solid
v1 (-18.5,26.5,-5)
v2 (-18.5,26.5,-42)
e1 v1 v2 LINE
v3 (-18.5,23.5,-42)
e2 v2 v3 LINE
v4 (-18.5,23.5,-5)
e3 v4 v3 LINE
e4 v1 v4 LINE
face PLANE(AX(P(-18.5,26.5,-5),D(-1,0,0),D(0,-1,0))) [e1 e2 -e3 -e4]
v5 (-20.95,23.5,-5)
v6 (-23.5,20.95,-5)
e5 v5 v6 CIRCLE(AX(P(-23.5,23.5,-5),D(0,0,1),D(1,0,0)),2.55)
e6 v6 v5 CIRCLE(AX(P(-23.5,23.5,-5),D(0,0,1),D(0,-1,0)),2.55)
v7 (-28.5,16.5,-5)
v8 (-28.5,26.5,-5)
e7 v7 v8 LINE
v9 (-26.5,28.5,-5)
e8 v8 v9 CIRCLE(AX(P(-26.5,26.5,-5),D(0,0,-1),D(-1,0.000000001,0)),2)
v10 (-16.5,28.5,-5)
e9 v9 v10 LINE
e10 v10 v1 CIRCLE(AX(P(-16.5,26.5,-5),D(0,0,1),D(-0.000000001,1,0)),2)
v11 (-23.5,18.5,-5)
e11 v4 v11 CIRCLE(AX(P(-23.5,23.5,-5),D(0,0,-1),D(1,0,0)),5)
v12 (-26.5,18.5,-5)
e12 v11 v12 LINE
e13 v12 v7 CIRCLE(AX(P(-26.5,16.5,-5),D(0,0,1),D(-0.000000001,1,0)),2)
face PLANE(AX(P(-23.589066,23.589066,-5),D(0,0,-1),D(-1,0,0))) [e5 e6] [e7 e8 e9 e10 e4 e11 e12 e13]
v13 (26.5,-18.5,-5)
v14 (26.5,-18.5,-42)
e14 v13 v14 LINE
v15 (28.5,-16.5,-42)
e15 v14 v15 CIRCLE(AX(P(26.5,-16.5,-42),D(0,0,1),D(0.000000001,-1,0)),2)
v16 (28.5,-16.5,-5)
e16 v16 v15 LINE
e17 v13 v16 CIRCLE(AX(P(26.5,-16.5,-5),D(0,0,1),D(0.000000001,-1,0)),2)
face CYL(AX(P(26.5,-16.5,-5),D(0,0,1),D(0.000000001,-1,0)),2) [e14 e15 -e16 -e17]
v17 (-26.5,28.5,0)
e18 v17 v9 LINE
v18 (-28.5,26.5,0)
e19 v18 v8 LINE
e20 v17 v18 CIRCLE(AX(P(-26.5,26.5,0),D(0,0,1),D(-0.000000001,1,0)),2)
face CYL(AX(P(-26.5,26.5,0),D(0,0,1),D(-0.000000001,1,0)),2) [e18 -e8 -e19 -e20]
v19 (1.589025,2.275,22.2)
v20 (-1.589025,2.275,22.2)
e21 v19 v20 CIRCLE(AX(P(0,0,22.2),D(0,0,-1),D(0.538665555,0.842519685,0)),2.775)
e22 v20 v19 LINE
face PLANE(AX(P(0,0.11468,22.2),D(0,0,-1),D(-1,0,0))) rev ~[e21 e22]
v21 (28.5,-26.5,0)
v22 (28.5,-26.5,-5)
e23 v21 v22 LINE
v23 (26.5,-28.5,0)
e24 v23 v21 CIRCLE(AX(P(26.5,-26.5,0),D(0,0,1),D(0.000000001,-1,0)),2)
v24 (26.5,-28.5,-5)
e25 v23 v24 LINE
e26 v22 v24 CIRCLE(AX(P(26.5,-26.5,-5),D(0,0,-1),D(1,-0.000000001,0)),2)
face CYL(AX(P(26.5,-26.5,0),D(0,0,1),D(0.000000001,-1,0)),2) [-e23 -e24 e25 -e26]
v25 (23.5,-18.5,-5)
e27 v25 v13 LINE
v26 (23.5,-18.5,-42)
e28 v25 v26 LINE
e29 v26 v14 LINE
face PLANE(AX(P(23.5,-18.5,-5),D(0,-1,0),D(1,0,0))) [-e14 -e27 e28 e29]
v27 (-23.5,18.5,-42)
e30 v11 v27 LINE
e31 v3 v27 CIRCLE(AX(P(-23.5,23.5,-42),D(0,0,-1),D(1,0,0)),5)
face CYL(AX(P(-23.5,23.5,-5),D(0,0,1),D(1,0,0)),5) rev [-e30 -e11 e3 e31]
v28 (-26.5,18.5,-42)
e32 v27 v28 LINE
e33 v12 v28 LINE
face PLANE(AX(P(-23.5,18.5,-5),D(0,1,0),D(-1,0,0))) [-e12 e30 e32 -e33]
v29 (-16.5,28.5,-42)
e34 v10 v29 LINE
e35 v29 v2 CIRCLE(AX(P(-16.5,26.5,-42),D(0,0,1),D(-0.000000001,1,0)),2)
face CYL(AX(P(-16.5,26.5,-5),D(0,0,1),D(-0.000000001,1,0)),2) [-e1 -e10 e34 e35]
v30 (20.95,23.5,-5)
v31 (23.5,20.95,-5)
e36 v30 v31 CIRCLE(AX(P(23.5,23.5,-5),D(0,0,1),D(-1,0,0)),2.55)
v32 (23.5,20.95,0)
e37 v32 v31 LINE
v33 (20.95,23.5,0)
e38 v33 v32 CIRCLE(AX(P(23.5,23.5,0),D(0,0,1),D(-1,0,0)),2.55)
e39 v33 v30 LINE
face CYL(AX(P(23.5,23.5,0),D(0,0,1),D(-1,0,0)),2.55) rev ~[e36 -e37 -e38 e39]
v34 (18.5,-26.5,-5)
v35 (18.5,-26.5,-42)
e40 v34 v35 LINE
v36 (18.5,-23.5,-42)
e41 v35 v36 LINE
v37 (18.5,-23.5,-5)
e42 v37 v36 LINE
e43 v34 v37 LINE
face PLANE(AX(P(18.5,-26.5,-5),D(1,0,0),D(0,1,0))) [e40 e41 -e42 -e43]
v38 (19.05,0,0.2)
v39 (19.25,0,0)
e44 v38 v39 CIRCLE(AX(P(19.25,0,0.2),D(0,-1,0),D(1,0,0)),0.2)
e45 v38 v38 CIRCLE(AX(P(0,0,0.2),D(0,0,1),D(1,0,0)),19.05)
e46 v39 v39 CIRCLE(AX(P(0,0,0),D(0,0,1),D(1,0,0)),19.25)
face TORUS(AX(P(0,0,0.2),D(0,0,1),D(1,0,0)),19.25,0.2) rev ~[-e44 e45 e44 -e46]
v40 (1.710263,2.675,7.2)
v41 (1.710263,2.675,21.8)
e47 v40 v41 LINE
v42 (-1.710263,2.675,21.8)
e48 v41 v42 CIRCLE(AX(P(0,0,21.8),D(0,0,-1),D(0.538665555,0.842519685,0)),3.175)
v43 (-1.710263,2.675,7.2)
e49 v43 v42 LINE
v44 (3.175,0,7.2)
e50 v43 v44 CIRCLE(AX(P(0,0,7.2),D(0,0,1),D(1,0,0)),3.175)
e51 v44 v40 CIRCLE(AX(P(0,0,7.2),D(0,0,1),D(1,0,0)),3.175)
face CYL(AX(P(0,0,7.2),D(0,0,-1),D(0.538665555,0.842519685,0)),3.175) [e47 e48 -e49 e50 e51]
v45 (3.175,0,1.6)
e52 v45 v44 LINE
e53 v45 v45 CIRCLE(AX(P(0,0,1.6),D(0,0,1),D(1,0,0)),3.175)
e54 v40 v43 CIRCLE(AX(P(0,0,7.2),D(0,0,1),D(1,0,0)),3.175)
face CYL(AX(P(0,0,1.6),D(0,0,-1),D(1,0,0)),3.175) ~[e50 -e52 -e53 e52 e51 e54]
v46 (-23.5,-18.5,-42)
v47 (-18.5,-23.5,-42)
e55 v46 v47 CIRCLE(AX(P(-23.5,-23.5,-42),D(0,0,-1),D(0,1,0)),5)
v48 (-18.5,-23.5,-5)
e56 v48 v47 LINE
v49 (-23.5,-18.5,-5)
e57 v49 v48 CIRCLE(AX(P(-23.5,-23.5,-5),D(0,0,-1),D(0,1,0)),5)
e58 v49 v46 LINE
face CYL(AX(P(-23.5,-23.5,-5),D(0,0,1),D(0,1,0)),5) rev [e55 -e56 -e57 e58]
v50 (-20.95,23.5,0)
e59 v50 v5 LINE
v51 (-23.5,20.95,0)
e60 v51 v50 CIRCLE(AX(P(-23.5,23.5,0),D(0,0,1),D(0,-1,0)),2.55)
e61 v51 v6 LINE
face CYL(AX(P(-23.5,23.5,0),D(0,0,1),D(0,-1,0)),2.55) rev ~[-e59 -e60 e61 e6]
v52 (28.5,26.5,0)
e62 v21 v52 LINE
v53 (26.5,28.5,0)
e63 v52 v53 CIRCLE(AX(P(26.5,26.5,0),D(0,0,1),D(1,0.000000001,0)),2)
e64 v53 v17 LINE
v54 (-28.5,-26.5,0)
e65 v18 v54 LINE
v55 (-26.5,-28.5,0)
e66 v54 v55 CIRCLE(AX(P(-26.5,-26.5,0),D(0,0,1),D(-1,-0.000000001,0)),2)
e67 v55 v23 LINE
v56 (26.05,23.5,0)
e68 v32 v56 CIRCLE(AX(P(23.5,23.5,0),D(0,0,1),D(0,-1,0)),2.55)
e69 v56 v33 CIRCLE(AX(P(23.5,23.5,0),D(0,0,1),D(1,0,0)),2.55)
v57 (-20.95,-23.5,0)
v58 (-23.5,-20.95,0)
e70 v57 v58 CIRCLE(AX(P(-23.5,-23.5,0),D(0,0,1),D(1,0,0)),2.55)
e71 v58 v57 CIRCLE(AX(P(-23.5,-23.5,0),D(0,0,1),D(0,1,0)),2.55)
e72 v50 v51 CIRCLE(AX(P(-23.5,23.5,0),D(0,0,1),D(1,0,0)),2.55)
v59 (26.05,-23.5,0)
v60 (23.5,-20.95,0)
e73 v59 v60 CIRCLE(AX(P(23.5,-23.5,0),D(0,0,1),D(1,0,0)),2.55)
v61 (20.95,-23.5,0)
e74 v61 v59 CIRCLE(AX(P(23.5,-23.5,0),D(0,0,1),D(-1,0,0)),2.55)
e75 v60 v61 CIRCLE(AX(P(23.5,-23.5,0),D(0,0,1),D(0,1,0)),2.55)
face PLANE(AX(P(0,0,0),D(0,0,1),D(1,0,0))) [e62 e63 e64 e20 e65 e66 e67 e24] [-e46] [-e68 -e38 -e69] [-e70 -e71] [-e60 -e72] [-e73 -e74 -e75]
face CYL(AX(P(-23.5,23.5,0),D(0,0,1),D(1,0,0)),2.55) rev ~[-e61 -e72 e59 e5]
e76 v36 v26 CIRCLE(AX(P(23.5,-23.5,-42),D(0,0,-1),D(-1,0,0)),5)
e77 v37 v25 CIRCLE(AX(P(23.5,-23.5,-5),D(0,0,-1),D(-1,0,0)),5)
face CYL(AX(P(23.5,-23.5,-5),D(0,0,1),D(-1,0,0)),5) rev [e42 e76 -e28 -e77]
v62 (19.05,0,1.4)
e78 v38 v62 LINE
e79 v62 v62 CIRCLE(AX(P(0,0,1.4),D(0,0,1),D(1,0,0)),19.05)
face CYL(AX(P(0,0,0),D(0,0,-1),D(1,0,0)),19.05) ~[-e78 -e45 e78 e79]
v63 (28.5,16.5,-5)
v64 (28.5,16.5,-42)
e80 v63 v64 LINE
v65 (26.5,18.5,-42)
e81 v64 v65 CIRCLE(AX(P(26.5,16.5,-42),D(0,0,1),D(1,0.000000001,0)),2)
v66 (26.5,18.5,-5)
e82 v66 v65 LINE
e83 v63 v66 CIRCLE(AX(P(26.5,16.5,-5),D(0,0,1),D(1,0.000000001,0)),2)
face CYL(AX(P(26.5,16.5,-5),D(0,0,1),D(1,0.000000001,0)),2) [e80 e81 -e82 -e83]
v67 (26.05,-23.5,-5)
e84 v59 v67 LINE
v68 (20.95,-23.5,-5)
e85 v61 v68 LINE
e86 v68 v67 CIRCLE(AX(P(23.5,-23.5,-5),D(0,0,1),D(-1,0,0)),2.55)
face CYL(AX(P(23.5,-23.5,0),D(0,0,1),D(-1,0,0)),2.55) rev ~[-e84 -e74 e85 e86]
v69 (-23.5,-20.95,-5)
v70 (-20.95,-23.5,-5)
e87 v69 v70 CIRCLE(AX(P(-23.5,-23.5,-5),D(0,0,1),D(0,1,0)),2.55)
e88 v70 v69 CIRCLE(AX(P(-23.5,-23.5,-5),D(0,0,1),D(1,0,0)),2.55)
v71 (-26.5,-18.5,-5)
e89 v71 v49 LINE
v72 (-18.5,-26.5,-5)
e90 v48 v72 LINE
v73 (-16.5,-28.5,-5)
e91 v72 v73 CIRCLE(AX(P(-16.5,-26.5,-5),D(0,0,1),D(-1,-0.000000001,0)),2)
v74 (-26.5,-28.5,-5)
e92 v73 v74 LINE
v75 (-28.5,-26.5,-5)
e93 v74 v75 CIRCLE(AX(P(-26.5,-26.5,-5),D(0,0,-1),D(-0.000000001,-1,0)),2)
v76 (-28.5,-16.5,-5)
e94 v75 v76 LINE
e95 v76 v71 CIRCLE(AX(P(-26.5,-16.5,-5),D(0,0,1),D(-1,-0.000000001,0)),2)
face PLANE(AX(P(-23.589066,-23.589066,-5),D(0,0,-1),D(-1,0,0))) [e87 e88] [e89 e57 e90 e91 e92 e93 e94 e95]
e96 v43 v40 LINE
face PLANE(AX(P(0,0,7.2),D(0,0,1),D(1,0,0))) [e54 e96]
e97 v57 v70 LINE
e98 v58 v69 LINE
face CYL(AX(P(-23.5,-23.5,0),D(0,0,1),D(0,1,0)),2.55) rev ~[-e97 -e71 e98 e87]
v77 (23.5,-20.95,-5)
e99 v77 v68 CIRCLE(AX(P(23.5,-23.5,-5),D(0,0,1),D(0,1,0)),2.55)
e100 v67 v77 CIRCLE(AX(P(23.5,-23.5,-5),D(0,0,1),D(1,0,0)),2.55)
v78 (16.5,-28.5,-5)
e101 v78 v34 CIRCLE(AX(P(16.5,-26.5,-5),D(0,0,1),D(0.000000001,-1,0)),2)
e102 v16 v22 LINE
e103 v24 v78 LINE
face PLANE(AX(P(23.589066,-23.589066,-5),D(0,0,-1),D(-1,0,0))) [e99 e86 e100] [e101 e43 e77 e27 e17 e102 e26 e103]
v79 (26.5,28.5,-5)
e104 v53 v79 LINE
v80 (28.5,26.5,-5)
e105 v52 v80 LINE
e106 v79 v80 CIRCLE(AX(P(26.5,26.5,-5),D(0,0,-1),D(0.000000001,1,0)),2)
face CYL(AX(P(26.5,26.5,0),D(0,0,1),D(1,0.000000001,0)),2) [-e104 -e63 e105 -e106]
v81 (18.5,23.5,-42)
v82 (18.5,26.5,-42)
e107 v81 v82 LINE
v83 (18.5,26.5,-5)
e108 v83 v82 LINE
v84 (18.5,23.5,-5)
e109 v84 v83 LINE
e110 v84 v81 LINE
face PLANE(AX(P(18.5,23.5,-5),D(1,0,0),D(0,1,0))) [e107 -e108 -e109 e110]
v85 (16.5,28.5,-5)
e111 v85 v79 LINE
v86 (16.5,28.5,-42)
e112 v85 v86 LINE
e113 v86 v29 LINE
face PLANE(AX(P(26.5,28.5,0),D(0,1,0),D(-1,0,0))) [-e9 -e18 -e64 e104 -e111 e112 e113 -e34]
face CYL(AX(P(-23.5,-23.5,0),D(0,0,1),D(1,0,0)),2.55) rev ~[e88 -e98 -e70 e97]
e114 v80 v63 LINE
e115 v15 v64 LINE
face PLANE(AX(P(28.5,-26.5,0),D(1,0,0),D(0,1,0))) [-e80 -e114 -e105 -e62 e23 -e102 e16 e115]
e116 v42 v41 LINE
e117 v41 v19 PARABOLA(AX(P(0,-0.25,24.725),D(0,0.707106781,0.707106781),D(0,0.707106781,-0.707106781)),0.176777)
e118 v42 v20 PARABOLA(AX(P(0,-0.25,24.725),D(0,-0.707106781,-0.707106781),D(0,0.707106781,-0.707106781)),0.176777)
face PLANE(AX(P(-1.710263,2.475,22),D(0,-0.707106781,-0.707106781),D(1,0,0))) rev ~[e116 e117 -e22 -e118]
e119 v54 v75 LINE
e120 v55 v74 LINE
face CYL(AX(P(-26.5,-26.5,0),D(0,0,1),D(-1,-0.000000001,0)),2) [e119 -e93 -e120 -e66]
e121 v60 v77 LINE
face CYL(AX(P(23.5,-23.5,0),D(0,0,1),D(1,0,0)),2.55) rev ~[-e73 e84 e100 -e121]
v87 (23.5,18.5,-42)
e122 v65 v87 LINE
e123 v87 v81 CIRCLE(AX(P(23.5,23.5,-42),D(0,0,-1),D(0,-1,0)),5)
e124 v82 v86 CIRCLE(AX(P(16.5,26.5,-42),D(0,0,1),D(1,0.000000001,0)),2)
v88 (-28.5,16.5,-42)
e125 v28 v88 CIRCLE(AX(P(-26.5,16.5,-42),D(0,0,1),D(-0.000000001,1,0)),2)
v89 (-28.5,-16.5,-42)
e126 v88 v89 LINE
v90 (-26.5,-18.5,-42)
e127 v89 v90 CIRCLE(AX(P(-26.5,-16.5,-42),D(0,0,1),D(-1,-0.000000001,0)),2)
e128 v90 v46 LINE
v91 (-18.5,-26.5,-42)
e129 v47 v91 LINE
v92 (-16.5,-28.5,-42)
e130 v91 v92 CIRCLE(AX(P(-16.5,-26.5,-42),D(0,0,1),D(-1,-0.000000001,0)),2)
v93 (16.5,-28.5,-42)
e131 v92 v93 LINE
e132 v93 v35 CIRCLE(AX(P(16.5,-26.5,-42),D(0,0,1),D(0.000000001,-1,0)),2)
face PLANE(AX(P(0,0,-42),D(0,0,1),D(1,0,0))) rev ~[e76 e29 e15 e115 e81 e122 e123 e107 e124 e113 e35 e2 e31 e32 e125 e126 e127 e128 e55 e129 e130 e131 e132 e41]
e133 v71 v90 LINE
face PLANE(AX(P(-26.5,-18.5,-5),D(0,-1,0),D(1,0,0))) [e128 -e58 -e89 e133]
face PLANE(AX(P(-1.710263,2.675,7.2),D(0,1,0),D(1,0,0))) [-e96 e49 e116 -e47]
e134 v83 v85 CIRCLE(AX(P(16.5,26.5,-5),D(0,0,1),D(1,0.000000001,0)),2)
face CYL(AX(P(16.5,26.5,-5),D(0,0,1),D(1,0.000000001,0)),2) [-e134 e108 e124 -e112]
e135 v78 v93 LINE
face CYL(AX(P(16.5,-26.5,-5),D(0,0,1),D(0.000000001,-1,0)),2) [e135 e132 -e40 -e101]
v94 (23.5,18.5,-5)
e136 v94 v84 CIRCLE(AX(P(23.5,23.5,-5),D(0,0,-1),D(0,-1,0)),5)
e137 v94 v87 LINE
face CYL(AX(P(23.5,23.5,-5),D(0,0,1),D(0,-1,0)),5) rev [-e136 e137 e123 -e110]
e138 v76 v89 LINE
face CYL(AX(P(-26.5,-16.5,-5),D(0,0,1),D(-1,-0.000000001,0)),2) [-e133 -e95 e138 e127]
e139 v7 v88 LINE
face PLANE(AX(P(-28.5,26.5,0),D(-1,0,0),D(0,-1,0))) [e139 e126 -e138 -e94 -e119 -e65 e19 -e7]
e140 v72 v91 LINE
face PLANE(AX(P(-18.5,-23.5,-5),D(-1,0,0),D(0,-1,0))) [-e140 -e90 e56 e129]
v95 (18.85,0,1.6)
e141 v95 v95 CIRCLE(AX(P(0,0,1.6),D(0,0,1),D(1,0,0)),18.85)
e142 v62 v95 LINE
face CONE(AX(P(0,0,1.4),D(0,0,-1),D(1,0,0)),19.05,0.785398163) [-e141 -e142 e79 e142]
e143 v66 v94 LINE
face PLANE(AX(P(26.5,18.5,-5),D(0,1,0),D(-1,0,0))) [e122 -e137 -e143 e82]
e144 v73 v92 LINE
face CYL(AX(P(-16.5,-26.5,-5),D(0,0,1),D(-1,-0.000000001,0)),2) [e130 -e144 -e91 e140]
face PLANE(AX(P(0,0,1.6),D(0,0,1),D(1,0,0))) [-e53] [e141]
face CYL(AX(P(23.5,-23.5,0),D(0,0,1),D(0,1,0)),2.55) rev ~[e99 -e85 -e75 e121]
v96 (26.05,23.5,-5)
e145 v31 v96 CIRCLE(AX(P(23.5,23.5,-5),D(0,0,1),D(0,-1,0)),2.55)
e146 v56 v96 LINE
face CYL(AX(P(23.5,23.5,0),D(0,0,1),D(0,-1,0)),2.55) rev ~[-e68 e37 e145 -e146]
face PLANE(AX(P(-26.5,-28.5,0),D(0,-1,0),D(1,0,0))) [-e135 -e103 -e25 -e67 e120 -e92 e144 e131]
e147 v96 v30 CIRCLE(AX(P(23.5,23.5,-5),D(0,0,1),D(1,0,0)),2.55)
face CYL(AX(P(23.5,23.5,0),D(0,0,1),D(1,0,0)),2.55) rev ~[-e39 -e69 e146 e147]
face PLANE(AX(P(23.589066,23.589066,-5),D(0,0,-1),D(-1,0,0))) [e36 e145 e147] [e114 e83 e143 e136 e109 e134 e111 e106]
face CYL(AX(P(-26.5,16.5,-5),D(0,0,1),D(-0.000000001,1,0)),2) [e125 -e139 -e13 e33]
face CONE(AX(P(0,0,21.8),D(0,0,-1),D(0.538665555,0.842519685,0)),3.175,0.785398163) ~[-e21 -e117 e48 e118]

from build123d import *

# Parameters (mm, degrees)
BOSS_EXTRU_1_DEPTH      = 42
ESQUISSE3_R             = 19.05
BOSS_EXTRU_2_DEPTH      = 1.6
CHANFREIN1_SIZE         = 0.2
CONG_1_R                = 0.2
ESQUISSE4_R             = 3.175
BOSS_EXTRU_3_DEPTH      = 5.6
BOSS_EXTRU_4_DEPTH      = 15
CHANFREIN2_SIZE         = 0.4
ENL_V_START             = -37
ENL_V_MAT_EXTRU_1_DEPTH = 37
ENL_V_MAT_EXTRU_2_DEPTH = 59.210823736


with BuildPart() as part:
    # Esquisse1 → Boss.-Extru.1 (new body)
    with BuildSketch(Plane.XY):
        with BuildLine():
            Line((-26.5, -28.5), (26.5, -28.5))
            ThreePointArc((26.5, -28.5), (27.914213562, -27.914213562), (28.5, -26.5))
            Line((28.5, -26.5), (28.5, 26.5))
            ThreePointArc((28.5, 26.5), (27.914213562, 27.914213562), (26.5, 28.5))
            Line((26.5, 28.5), (-26.5, 28.5))
            ThreePointArc((-26.5, 28.5), (-27.914213562, 27.914213562), (-28.5, 26.5))
            Line((-28.5, 26.5), (-28.5, -26.5))
            ThreePointArc((-28.5, -26.5), (-27.914213562, -27.914213562), (-26.5, -28.5))
        make_face()
    extrude(amount=-BOSS_EXTRU_1_DEPTH)

    # Esquisse3 → Boss.-Extru.2 (add)
    with BuildSketch(Plane.XY):
        Circle(ESQUISSE3_R)
    extrude(amount=BOSS_EXTRU_2_DEPTH)

    # Chanfrein1
    chanfrein1_edges = [part.edges().sort_by_distance(p)[0] for p in [
        (-19.05, 0, 1.6),
    ]]
    chamfer(chanfrein1_edges, length=CHANFREIN1_SIZE)

    # Congé1
    cong_1_edges = [part.edges().sort_by_distance(p)[0] for p in [
        (-19.05, 0, 0),
    ]]
    fillet(cong_1_edges, radius=CONG_1_R)

    # Esquisse4 → Boss.-Extru.3 (add)
    with BuildSketch(Plane.XY.offset(1.6)):
        Circle(ESQUISSE4_R)
    extrude(amount=BOSS_EXTRU_3_DEPTH)

    # Esquisse5 → Boss.-Extru.4 (add)
    with BuildSketch(Plane.XY.offset(7.2)):
        with BuildLine():
            Line((-1.710263138, 2.675), (1.710263138, 2.675))
            ThreePointArc((1.710263138, 2.675), (0, -3.175), (-1.710263138, 2.675))
        make_face()
    extrude(amount=BOSS_EXTRU_4_DEPTH)

    # Chanfrein2
    chanfrein2_edges = [part.edges().sort_by_distance(p)[0] for p in [
        (0, -3.175, 22.2),
        (0, 2.675, 22.2),
    ]]
    chamfer(chanfrein2_edges, length=CHANFREIN2_SIZE)

    # Esquisse7 → Enlèv. mat.-Extru.1 (cut)
    with BuildSketch(Plane(origin=(0, 0, -42), x_dir=(-1, 0, 0), z_dir=(0, 0, -1)).offset(ENL_V_START)):
        with BuildLine():
            Line((-28.5, 26.5), (-28.5, 16.5))
            ThreePointArc((-28.5, 16.5), (-27.914213562, 17.914213562), (-26.5, 18.5))
            Line((-26.5, 18.5), (-23.5, 18.5))
            ThreePointArc((-23.5, 18.5), (-19.964466094, 19.964466094), (-18.5, 23.5))
            Line((-18.5, 23.5), (-18.5, 26.5))
            ThreePointArc((-18.5, 26.5), (-17.914213562, 27.914213562), (-16.5, 28.5))
            Line((-16.5, 28.5), (-26.5, 28.5))
            ThreePointArc((-26.5, 28.5), (-27.914213562, 27.914213562), (-28.5, 26.5))
        make_face()
        with BuildLine():
            Line((26.5, 28.5), (16.5, 28.5))
            ThreePointArc((16.5, 28.5), (17.914213562, 27.914213562), (18.5, 26.5))
            Line((18.5, 26.5), (18.5, 23.5))
            ThreePointArc((18.5, 23.5), (19.964466094, 19.964466094), (23.5, 18.5))
            Line((23.5, 18.5), (26.5, 18.5))
            ThreePointArc((26.5, 18.5), (27.914213562, 17.914213562), (28.5, 16.5))
            Line((28.5, 16.5), (28.5, 26.5))
            ThreePointArc((28.5, 26.5), (27.914213562, 27.914213562), (26.5, 28.5))
        make_face()
        with BuildLine():
            ThreePointArc((18.5, -26.5), (17.914213562, -27.914213562), (16.5, -28.5))
            Line((16.5, -28.5), (26.5, -28.5))
            ThreePointArc((26.5, -28.5), (27.914213562, -27.914213562), (28.5, -26.5))
            Line((28.5, -26.5), (28.5, -16.5))
            ThreePointArc((28.5, -16.5), (27.914213562, -17.914213562), (26.5, -18.5))
            Line((26.5, -18.5), (23.5, -18.5))
            ThreePointArc((23.5, -18.5), (19.964466094, -19.964466094), (18.5, -23.5))
            Line((18.5, -23.5), (18.5, -26.5))
        make_face()
        with BuildLine():
            ThreePointArc((-18.5, -23.5), (-19.964466094, -19.964466094), (-23.5, -18.5))
            Line((-23.5, -18.5), (-26.5, -18.5))
            ThreePointArc((-26.5, -18.5), (-27.914213562, -17.914213562), (-28.5, -16.5))
            Line((-28.5, -16.5), (-28.5, -26.5))
            ThreePointArc((-28.5, -26.5), (-27.914213562, -27.914213562), (-26.5, -28.5))
            Line((-26.5, -28.5), (-16.5, -28.5))
            ThreePointArc((-16.5, -28.5), (-17.914213562, -27.914213562), (-18.5, -26.5))
            Line((-18.5, -26.5), (-18.5, -23.5))
        make_face()
    extrude(amount=ENL_V_MAT_EXTRU_1_DEPTH, mode=Mode.SUBTRACT)

    # Esquisse6 → Enlèv. mat.-Extru.2 (cut, through all)
    with BuildSketch(Plane.XY):
        with BuildLine():
            Line((-23.5, 20.95), (-23.5, 23.5))
            Line((-23.5, 23.5), (-20.95, 23.5))
            ThreePointArc((-20.95, 23.5), (-25.303122292, 25.303122292), (-23.5, 20.95))
        make_face()
        with BuildLine():
            Line((-20.95, 23.5), (-23.5, 23.5))
            Line((-23.5, 23.5), (-23.5, 20.95))
            ThreePointArc((-23.5, 20.95), (-21.696877708, 21.696877708), (-20.95, 23.5))
        make_face()
        with BuildLine():
            ThreePointArc((26.05, 23.5), (23.5, 26.05), (20.95, 23.5))
            Line((20.95, 23.5), (23.5, 23.5))
            Line((23.5, 23.5), (23.5, 20.95))
            ThreePointArc((23.5, 20.95), (25.303122292, 21.696877708), (26.05, 23.5))
        make_face()
        with BuildLine():
            Line((23.5, 23.5), (20.95, 23.5))
            ThreePointArc((20.95, 23.5), (21.696877708, 21.696877708), (23.5, 20.95))
            Line((23.5, 20.95), (23.5, 23.5))
        make_face()
        with BuildLine():
            ThreePointArc((26.05, -23.5), (25.303122292, -21.696877708), (23.5, -20.95))
            Line((23.5, -20.95), (23.5, -23.5))
            Line((23.5, -23.5), (20.95, -23.5))
            ThreePointArc((20.95, -23.5), (23.5, -26.05), (26.05, -23.5))
        make_face()
        with BuildLine():
            Line((23.5, -23.5), (23.5, -20.95))
            ThreePointArc((23.5, -20.95), (21.696877708, -21.696877708), (20.95, -23.5))
            Line((20.95, -23.5), (23.5, -23.5))
        make_face()
        with BuildLine():
            ThreePointArc((-20.95, -23.5), (-21.696877708, -21.696877708), (-23.5, -20.95))
            Line((-23.5, -20.95), (-23.5, -23.5))
            Line((-23.5, -23.5), (-20.95, -23.5))
        make_face()
        with BuildLine():
            Line((-23.5, -23.5), (-23.5, -20.95))
            ThreePointArc((-23.5, -20.95), (-25.303122292, -25.303122292), (-20.95, -23.5))
            Line((-20.95, -23.5), (-23.5, -23.5))
        make_face()
    extrude(amount=-ENL_V_MAT_EXTRU_2_DEPTH, mode=Mode.SUBTRACT)


solid = part.part
